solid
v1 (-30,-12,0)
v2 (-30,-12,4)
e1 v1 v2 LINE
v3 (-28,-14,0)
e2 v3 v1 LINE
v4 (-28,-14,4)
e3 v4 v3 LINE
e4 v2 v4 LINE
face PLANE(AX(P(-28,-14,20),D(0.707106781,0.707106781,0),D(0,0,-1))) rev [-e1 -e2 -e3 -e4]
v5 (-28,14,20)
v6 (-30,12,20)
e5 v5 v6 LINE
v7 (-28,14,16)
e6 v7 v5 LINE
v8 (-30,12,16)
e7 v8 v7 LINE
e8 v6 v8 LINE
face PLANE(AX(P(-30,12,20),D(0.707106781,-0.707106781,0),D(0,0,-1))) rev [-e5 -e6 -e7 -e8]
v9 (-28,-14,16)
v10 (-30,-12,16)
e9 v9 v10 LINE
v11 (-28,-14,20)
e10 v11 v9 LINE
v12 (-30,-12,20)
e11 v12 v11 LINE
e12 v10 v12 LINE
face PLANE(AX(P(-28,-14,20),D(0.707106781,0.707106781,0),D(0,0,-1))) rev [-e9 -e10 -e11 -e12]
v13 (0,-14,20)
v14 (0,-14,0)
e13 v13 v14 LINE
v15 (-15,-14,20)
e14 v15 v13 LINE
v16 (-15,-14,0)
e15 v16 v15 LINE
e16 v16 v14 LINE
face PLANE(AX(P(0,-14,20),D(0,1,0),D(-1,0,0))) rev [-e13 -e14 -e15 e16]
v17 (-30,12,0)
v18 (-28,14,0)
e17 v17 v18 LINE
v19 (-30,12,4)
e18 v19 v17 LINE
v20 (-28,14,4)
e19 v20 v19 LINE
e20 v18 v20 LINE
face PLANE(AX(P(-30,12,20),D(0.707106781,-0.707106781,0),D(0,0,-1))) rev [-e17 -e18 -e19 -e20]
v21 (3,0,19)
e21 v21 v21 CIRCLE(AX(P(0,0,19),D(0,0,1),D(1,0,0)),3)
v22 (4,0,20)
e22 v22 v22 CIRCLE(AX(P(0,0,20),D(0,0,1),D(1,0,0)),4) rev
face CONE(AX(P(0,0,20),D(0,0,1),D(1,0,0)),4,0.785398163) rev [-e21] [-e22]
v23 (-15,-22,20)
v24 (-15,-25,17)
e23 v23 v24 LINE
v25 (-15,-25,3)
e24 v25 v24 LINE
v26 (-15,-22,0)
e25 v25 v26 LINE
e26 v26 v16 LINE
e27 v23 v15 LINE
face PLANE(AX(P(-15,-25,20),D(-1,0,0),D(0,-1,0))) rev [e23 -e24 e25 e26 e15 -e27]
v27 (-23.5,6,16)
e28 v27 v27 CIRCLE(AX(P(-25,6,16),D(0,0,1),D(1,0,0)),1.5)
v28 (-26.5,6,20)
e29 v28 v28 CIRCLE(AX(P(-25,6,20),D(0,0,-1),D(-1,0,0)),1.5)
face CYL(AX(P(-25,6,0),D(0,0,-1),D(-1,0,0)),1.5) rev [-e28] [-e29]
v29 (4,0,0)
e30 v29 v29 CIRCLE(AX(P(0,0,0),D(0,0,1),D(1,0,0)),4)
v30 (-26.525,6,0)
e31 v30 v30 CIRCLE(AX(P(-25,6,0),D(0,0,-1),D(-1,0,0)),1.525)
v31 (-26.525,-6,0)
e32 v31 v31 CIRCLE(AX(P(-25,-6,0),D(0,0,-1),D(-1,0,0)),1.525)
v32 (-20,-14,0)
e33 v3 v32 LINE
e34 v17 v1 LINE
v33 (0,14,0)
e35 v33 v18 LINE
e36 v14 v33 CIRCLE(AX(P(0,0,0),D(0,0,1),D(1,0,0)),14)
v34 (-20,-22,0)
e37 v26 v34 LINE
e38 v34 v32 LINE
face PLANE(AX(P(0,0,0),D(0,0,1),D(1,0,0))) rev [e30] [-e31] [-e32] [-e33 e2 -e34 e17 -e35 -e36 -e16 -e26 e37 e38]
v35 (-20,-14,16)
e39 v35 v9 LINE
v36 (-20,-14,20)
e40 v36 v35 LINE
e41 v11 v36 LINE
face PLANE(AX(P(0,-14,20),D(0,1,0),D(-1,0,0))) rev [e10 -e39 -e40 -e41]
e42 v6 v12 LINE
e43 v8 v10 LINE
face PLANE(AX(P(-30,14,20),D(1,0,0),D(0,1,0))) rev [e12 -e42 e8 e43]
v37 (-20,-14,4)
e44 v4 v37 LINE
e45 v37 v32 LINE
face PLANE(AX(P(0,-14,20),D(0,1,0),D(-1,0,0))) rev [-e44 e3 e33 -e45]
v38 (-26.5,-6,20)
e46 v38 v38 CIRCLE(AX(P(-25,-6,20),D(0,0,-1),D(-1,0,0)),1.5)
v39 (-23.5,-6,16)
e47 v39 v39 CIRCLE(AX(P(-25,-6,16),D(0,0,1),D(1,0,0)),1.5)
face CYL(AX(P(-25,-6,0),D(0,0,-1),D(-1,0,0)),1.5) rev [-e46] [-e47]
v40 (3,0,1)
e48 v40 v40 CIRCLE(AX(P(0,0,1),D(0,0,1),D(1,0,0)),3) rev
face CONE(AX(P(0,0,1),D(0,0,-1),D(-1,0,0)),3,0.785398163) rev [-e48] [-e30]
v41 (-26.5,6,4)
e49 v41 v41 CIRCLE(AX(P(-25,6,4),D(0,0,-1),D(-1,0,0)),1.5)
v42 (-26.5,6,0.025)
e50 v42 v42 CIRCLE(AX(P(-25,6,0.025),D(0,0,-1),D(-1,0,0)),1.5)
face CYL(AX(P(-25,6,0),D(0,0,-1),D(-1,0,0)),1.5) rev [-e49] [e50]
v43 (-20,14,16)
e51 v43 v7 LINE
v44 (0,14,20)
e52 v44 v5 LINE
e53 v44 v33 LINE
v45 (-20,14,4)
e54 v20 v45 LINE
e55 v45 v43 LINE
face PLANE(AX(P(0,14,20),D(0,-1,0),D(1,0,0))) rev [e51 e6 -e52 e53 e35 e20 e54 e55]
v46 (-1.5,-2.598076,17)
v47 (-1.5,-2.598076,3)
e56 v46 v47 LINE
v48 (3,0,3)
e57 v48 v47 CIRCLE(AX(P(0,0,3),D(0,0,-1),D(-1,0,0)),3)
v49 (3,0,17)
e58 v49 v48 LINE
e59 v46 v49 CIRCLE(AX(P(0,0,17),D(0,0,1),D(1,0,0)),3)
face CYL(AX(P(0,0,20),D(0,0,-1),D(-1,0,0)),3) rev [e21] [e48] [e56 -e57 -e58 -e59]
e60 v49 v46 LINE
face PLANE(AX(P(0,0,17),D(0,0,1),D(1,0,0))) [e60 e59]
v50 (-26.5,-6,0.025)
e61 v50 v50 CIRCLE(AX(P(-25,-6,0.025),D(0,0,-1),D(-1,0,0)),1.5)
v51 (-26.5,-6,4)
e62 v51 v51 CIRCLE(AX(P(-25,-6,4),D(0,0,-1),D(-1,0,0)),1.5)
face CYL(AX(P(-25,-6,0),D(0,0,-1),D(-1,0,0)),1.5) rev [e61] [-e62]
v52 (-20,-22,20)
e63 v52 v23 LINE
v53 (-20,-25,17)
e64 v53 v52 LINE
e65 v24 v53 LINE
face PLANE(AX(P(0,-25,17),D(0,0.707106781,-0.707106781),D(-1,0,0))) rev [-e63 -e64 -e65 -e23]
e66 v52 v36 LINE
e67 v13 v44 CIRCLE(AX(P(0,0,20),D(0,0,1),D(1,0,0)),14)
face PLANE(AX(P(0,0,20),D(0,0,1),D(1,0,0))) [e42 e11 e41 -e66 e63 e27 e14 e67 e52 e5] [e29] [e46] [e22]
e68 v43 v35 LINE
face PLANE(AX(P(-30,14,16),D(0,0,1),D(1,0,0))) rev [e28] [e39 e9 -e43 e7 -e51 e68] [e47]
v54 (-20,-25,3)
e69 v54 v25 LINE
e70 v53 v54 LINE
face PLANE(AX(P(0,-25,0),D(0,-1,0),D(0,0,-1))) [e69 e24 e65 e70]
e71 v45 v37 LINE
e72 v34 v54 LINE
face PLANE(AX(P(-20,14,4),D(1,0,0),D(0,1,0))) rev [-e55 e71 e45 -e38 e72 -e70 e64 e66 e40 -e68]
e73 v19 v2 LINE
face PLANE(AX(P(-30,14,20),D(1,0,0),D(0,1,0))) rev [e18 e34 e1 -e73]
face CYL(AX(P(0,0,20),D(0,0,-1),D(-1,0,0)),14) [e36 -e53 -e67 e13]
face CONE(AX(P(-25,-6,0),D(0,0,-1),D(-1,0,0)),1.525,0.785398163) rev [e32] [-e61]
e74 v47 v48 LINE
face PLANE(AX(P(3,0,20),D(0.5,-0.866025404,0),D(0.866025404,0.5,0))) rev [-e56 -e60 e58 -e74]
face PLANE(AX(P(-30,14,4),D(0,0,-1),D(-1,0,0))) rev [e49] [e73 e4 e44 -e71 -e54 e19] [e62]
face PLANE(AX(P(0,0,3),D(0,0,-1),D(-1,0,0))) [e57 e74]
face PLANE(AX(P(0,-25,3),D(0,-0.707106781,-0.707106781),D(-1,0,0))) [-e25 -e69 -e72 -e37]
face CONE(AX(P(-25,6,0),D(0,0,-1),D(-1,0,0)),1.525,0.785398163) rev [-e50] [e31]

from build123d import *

# Parameters (mm, degrees)
EXTRUDE_1_DEPTH       = 20
CUT_EXTRUDE_1_DEPTH   = 39.678159
SKETCH_5_R            = 3
CUT_EXTRUDE_2_DEPTH   = 3
SKETCH_6_W            = 10
SKETCH_6_H            = 12
CUT_EXTRUDE_3_DEPTH   = 46.650849
F_3_0MM_1_D           = 3
F_3_0MM_1_CSINK_D     = 3.05
F_3_0MM_1_CSINK_ANGLE = 90
CHAMFER_2_SIZE        = 2
CUT_EXTRUDE_START     = -3
SKETCH_9_R            = 3
CUT_EXTRUDE_5_DEPTH   = 3
SKETCH_10_W           = 5
SKETCH_10_H           = 20
EXTRUDE_2_DEPTH       = 11
CHAMFER_3_SIZE        = 3
CHAMFER_4_SIZE        = 1


with BuildPart() as part:
    # 草图1 → 凸台-拉伸1 (new body)
    with BuildSketch(Plane.XY):
        with BuildLine():
            Line((0, 14), (-30, 14))
            Line((-30, 14), (-30, -14))
            Line((-30, -14), (0, -14))
            ThreePointArc((0, -14), (14, 0), (0, 14))
        make_face()
    extrude(amount=EXTRUDE_1_DEPTH)

    # 草图3 → 切除-拉伸1 (cut, through all)
    with BuildSketch(Plane(origin=(0, 0, 0), x_dir=(-1, 0, 0), z_dir=(0, 0, -1))):
        with BuildLine():
            Line((-3, 0), (1.5, -2.598076))
            ThreePointArc((1.5, -2.598076), (1.5, 2.598076), (-3, 0))
        make_face()
    extrude(amount=-CUT_EXTRUDE_1_DEPTH, mode=Mode.SUBTRACT)

    # 草图5 → 切除-拉伸2 (cut)
    with BuildSketch(Plane(origin=(0, 0, 0), x_dir=(-1, 0, 0), z_dir=(0, 0, -1))):
        Circle(SKETCH_5_R)
    extrude(amount=-CUT_EXTRUDE_2_DEPTH, mode=Mode.SUBTRACT)

    # 草图6 → 切除-拉伸3 (cut, through all)
    with BuildSketch(Plane.XZ.offset(14)):
        with Locations((-25, 10)):
            Rectangle(SKETCH_6_W, SKETCH_6_H)
    extrude(amount=-CUT_EXTRUDE_3_DEPTH, mode=Mode.SUBTRACT)

    # Ø3.0mm 暗销孔1 (through all)
    with Locations(Plane(origin=(-25, 6, 0), x_dir=(-1, 0, 0), z_dir=(0, 0, -1))):
        with Locations((0, 0), (0, -12)):
            CounterSinkHole(F_3_0MM_1_D / 2, F_3_0MM_1_CSINK_D / 2, counter_sink_angle=F_3_0MM_1_CSINK_ANGLE)

    # 倒角2
    chamfer_2_edges = [part.edges().sort_by_distance(p)[0] for p in [
        (-30, -14, 2),
        (-30, 14, 2),
        (-30, -14, 18),
        (-30, 14, 18),
    ]]
    chamfer(chamfer_2_edges, length=CHAMFER_2_SIZE)

    # 草图9 → 切除-拉伸5 (cut)
    with BuildSketch(Plane.XY.offset(20).offset(CUT_EXTRUDE_START)):
        with Locations(Location((0, 0, 0), (0, 0, 180))):
            Circle(SKETCH_9_R)
    extrude(amount=CUT_EXTRUDE_5_DEPTH, mode=Mode.SUBTRACT)

    # 草图10 → 凸台-拉伸2 (add)
    with BuildSketch(Plane.XZ.offset(14)):
        with Locations((-17.5, 10)):
            Rectangle(SKETCH_10_W, SKETCH_10_H)
    extrude(amount=EXTRUDE_2_DEPTH)

    # 倒角3
    chamfer_3_edges = [part.edges().sort_by_distance(p)[0] for p in [
        (-17.5, -25, 0),
        (-17.5, -25, 20),
    ]]
    chamfer(chamfer_3_edges, length=CHAMFER_3_SIZE)

    # 倒角4
    chamfer_4_edges = [part.edges().sort_by_distance(p)[0] for p in [
        (-2.598076, -1.5, 20),
        (1.5, 2.598076, 0),
    ]]
    chamfer(chamfer_4_edges, length=CHAMFER_4_SIZE)


solid = part.part
